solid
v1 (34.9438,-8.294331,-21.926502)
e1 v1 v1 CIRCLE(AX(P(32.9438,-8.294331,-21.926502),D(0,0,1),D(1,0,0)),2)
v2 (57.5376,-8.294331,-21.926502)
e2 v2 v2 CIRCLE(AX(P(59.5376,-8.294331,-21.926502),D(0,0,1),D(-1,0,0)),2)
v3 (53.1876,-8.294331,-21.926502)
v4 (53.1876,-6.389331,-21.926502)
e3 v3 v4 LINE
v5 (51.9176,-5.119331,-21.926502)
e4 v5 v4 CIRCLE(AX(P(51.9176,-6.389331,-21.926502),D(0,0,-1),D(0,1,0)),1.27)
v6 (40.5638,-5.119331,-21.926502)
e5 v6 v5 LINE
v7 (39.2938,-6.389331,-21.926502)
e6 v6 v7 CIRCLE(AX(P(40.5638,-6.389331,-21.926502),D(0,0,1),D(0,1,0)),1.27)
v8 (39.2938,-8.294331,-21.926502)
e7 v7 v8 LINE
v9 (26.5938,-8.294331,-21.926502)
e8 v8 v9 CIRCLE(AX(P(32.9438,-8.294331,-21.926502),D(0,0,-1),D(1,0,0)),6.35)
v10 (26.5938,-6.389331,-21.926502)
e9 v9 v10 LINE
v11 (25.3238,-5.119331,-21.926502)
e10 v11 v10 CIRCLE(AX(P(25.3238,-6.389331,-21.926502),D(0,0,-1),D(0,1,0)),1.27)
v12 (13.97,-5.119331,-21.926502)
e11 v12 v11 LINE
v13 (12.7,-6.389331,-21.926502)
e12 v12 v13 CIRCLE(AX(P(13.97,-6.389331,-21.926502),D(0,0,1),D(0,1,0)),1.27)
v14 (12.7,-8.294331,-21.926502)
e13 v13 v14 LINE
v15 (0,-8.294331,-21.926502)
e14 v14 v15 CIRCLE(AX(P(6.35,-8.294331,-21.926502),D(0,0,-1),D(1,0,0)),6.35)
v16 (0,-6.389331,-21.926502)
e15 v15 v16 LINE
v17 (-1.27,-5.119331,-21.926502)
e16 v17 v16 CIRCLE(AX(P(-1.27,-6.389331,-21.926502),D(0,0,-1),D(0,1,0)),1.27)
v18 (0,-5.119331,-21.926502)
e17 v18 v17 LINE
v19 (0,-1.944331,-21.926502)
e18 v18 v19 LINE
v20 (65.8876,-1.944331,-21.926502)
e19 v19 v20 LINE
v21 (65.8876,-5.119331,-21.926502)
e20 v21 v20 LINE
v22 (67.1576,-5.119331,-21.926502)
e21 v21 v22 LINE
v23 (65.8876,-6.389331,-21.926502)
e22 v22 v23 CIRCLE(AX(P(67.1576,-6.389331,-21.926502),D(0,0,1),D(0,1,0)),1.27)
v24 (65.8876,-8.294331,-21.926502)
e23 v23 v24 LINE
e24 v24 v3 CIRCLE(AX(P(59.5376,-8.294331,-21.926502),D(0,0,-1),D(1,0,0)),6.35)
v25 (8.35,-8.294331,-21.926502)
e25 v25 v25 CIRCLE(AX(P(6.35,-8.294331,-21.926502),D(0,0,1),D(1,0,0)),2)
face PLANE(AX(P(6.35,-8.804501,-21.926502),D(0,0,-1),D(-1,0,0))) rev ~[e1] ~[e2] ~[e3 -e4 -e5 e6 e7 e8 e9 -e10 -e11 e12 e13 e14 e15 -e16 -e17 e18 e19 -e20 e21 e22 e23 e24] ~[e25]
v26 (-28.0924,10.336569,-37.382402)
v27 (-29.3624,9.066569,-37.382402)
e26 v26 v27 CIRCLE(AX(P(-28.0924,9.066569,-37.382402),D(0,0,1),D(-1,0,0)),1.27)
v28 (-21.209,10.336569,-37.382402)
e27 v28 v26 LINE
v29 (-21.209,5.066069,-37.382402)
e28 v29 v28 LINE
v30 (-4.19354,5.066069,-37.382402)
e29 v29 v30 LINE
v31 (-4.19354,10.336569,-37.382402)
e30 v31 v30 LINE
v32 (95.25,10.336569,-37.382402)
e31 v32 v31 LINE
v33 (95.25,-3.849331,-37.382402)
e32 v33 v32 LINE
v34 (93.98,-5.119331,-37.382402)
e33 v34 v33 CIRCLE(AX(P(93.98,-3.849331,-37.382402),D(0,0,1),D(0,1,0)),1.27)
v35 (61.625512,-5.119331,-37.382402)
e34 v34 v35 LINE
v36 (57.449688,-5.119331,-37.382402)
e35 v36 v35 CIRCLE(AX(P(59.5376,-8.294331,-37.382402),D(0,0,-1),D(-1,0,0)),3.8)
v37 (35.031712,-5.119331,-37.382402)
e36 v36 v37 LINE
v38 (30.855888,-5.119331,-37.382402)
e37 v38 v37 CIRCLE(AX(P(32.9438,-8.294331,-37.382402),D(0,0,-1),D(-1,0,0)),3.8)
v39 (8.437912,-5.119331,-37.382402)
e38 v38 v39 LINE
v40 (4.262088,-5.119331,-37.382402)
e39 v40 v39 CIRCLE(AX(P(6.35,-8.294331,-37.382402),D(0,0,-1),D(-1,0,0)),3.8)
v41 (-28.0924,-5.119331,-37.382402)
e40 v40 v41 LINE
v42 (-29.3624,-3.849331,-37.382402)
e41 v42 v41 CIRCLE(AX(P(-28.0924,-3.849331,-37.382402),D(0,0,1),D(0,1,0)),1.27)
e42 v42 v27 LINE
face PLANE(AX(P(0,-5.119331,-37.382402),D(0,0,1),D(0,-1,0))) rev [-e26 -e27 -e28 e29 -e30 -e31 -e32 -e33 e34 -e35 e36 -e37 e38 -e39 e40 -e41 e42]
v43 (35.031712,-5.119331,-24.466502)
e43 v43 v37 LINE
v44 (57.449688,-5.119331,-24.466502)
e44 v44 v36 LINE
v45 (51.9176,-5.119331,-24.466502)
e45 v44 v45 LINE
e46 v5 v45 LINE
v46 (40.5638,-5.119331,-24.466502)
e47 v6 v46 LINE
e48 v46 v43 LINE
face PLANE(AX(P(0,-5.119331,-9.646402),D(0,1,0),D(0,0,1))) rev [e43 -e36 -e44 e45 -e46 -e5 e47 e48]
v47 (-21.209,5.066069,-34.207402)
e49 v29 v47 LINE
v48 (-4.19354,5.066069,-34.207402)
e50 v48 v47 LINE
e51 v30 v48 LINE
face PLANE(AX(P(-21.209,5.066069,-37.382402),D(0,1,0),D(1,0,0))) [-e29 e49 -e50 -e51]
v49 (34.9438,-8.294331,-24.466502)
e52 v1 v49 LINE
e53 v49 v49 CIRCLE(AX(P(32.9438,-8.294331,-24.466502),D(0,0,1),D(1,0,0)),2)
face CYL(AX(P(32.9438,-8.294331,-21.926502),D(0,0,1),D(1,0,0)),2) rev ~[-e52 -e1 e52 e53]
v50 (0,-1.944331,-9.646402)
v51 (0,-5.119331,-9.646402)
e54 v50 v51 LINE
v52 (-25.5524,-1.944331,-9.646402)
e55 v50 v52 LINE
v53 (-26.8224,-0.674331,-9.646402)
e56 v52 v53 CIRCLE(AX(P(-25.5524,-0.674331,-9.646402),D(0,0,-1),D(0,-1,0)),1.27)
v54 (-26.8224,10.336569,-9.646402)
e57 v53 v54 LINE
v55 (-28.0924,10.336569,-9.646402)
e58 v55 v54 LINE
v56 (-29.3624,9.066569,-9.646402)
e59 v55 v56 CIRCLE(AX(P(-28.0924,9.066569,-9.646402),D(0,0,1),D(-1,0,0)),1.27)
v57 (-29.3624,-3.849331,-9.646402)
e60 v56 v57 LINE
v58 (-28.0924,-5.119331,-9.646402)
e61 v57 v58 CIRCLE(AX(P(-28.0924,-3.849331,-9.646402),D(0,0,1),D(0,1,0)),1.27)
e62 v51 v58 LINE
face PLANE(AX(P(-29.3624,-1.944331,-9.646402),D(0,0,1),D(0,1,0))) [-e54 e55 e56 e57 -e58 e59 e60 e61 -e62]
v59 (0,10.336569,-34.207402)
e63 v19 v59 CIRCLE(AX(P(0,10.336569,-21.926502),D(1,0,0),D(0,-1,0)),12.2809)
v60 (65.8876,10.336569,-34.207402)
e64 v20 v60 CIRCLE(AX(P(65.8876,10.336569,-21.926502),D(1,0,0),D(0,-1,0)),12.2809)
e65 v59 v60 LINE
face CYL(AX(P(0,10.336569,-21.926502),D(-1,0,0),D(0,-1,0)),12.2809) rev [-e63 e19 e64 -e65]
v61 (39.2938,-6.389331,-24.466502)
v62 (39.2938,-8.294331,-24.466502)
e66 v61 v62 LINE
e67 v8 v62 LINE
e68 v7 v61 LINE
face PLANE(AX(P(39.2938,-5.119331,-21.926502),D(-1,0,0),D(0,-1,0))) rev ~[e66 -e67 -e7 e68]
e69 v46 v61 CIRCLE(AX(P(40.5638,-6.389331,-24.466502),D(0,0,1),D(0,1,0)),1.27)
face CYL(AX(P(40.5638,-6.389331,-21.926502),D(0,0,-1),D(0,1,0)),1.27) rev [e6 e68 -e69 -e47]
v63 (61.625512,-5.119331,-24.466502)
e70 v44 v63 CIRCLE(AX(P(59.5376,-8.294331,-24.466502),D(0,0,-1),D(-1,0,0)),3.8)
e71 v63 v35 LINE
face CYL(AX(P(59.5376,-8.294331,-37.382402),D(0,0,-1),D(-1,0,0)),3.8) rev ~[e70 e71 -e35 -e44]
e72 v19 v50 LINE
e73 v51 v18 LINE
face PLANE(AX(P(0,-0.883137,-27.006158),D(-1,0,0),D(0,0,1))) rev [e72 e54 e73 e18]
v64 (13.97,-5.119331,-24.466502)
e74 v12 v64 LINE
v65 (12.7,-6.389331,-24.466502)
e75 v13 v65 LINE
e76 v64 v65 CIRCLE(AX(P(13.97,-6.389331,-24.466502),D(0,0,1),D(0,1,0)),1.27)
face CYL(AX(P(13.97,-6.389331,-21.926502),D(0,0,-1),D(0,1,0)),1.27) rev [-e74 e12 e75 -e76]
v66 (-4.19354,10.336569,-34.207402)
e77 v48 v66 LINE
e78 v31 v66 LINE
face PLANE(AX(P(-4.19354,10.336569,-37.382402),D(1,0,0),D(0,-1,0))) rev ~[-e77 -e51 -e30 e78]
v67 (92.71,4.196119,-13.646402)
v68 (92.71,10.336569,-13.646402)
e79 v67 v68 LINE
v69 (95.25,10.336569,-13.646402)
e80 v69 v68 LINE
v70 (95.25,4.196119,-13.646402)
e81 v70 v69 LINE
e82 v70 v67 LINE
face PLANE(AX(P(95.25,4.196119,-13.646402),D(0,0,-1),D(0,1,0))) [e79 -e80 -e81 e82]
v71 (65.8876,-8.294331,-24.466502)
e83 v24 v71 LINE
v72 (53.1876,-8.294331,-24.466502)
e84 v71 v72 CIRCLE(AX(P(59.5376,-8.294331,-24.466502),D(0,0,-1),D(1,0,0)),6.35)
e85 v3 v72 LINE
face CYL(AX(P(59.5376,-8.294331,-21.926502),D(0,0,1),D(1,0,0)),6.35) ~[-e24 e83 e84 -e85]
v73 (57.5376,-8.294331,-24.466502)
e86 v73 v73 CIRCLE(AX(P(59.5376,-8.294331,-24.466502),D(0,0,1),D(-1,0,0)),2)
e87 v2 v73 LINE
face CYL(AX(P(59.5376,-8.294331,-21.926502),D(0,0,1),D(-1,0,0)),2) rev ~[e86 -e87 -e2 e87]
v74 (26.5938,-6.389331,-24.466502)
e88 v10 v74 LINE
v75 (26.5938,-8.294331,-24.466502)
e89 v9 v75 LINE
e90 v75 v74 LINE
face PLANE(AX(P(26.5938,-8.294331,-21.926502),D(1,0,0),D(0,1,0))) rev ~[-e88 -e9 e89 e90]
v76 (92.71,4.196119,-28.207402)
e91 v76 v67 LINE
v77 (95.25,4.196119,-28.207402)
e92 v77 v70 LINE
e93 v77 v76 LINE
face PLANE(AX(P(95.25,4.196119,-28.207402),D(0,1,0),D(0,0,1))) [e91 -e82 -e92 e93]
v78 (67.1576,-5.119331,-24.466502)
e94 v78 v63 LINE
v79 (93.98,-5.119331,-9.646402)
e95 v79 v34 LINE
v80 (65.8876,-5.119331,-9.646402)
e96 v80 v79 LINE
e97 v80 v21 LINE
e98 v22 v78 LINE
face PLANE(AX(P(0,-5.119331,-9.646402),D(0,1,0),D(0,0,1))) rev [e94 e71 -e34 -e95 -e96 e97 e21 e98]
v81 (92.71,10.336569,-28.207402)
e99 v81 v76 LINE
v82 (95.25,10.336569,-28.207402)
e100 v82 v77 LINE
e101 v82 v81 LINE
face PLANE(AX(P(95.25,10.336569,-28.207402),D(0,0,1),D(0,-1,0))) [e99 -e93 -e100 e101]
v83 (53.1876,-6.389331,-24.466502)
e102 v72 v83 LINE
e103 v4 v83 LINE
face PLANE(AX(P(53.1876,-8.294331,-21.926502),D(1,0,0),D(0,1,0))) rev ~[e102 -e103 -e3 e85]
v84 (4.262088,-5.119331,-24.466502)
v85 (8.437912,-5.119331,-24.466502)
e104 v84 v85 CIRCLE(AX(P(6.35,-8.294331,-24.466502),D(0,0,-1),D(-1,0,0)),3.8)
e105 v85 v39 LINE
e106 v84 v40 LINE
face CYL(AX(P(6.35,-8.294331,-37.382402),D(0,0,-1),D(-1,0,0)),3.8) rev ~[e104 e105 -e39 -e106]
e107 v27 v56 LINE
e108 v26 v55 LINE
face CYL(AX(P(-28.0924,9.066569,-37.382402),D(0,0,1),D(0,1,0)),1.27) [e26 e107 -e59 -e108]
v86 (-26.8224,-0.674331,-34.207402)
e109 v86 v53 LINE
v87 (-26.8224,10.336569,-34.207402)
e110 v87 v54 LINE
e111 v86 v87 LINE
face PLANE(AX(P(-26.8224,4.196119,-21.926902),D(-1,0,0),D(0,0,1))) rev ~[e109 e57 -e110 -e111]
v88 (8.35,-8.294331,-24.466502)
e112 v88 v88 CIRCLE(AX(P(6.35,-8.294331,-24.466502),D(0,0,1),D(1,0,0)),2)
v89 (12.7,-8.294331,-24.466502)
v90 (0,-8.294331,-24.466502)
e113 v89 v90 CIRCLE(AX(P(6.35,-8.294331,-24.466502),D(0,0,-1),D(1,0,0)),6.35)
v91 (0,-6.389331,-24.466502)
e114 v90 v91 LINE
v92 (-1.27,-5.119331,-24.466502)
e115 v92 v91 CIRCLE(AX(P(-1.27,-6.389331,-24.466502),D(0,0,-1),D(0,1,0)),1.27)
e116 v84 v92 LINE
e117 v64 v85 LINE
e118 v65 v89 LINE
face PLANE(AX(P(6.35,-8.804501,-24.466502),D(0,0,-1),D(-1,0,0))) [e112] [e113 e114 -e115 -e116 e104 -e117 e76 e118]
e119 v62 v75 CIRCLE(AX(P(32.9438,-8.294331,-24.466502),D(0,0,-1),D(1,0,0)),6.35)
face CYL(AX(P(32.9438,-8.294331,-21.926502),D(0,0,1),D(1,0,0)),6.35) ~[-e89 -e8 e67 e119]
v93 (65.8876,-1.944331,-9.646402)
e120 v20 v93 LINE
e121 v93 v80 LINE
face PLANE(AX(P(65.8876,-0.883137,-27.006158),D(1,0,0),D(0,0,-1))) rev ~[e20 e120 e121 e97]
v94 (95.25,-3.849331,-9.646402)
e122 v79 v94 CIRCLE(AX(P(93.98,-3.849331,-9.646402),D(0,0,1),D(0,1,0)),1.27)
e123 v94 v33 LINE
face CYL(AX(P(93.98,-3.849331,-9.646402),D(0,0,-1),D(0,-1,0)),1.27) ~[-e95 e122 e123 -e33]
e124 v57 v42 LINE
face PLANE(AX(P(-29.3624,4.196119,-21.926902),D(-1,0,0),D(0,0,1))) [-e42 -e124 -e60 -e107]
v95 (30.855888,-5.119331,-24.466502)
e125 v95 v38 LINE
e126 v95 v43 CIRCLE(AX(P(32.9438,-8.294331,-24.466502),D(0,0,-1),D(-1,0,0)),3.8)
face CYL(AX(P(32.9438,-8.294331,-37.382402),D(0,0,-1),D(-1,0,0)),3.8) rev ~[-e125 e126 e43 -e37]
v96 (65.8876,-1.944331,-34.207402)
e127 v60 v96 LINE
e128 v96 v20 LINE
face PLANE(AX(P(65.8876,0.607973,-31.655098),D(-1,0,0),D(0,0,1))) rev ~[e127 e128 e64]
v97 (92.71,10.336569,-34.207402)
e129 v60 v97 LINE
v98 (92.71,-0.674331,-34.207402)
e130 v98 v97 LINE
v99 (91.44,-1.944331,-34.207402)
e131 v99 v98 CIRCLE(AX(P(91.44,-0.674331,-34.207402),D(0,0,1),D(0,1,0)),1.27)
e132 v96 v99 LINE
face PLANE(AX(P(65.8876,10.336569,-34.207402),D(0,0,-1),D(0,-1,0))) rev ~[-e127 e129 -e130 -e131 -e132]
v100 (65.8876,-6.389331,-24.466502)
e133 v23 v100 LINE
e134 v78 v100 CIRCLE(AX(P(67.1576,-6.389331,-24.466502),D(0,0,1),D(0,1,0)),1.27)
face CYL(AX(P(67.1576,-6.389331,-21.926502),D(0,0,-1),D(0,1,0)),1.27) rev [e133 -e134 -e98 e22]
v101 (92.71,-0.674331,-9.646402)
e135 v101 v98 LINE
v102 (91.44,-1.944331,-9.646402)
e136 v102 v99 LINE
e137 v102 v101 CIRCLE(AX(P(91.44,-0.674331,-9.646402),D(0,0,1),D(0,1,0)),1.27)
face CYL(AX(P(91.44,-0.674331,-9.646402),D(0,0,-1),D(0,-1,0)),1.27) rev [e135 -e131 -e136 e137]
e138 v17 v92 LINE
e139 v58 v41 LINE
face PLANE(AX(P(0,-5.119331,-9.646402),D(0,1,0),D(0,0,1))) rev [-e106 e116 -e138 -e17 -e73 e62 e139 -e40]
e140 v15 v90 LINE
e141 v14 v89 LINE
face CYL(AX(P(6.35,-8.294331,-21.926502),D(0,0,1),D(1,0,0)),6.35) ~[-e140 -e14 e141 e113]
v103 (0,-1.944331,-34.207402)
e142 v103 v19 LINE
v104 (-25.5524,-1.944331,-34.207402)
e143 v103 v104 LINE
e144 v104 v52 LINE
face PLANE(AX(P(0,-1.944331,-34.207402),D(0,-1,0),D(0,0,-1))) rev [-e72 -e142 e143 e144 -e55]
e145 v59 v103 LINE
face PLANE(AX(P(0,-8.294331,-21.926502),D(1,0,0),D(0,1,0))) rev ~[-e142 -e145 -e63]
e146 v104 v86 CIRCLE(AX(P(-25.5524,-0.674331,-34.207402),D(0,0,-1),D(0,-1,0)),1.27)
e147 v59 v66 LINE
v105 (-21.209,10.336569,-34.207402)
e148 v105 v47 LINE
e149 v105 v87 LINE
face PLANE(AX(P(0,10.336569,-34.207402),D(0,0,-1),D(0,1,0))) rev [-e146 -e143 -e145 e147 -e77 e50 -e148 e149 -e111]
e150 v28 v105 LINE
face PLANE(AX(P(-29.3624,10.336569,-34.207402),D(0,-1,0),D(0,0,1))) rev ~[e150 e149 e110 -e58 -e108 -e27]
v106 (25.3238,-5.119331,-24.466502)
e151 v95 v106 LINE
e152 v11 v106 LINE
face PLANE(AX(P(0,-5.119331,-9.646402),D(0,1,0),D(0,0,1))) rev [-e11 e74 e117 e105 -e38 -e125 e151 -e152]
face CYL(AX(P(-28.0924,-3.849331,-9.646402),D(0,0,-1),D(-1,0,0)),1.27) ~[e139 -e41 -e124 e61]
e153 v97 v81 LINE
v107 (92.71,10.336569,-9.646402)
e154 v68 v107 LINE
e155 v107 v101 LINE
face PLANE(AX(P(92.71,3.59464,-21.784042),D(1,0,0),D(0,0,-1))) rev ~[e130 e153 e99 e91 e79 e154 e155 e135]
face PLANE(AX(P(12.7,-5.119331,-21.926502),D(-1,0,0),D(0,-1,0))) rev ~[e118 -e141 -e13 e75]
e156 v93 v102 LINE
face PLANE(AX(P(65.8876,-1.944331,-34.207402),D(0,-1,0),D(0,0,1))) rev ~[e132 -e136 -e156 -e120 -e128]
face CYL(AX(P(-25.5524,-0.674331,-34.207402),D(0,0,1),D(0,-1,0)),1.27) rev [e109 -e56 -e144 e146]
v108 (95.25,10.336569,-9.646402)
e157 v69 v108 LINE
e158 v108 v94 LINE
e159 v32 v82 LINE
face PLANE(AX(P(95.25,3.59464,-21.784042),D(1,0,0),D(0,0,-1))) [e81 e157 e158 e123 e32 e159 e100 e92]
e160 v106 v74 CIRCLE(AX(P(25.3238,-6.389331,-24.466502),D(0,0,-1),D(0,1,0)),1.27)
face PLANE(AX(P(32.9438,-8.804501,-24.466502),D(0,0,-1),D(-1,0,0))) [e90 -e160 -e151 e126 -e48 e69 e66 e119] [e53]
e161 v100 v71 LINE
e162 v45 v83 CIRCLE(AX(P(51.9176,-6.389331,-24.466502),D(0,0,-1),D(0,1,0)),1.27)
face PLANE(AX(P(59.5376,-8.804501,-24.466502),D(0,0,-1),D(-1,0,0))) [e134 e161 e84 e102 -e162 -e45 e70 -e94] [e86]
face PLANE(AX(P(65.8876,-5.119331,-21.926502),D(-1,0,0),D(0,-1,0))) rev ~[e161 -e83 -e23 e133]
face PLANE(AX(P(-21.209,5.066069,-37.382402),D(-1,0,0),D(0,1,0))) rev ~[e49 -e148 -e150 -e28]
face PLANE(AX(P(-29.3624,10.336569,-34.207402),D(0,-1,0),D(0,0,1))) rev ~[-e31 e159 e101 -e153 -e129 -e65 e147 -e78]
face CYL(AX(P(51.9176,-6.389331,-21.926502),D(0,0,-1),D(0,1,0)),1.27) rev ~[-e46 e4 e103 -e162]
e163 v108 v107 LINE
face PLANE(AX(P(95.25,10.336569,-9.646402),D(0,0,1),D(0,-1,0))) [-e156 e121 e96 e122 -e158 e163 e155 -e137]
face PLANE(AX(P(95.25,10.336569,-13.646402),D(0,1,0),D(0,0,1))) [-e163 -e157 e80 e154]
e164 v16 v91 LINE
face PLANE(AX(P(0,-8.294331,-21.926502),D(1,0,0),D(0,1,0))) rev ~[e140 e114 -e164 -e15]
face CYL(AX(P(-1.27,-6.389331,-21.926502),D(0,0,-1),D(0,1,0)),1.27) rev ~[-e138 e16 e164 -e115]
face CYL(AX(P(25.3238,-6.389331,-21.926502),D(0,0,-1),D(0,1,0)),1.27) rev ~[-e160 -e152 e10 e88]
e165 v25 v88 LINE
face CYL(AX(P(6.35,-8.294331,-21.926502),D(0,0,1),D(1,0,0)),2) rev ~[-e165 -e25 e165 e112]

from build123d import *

# Parameters (mm, degrees)
BOSS_EXTRUDE1_DEPTH = 65.8876
BOSS_EXTRUDE2_DEPTH = 29.3624
BOSS_EXTRUDE3_DEPTH = 2.54
SKETCH4_R           = 2
BOSS_EXTRUDE4_DEPTH = 2.54
SKETCH6_W           = 24.561
SKETCH6_H           = 12.2809
BOSS_EXTRUDE5_DEPTH = 2.54
CUT_EXTRUDE1_DEPTH  = 101.281127945
FILLET1_R           = 1.27
FILLET2_R           = 1.27
FILLET4_R           = 1.27
SKETCH8_R           = 3.8
SKETCH8_R_2         = 3.80000002
CUT_EXTRUDE2_DEPTH  = 12.9159


with BuildPart() as part:
    # Sketch1 → Boss-Extrude1 (new body)
    with BuildSketch(Plane(origin=(0, 0, 0), x_dir=(0, 0, -1), z_dir=(1, 0, 0))):
        with BuildLine():
            Line((34.207401555, 10.336569156), (37.382401555, 10.336569156))
            Line((37.382401555, 10.336569156), (37.382401555, -5.119330844))
            Line((37.382401555, -5.119330844), (21.926501555, -5.119330844))
            Line((21.926501555, -5.119330844), (21.926501555, -1.944330844))
            ThreePointArc((21.926501555, -1.944330844), (30.610409224, 1.652661487), (34.207401555, 10.336569156))
        make_face()
    extrude(amount=BOSS_EXTRUDE1_DEPTH)

    # Sketch2 → Boss-Extrude2 (add)
    with BuildSketch(Plane(origin=(65.8876, 0, 0), x_dir=(0, 0, -1), z_dir=(1, 0, 0))):
        Polygon((37.382401555, -1.944330844), (37.382401555, 10.336569156), (34.207401555, 10.336569156), (34.207401555, -1.944330844), (9.646401555, -1.944330844), (9.646401555, -5.119330844), (37.382401555, -5.119330844), align=None)
    boss_extrude2 = extrude(amount=BOSS_EXTRUDE2_DEPTH)

    # Sketch3 → Boss-Extrude3 (add)
    with BuildSketch(Plane(origin=(95.25, 0, 0), x_dir=(0, 0, -1), z_dir=(1, 0, 0))):
        Polygon((28.207401555, 4.196119156), (13.646401555, 4.196119156), (13.646401555, 10.336569156), (9.646401555, 10.336569156), (9.646401555, 4.196119156), (9.646401555, -1.944330844), (28.207401555, -1.944330844), (34.207401555, -1.944330844), (34.207401555, 10.336569156), (28.207401555, 10.336569156), align=None)
    extrude(amount=-BOSS_EXTRUDE3_DEPTH)

    # Sketch4 → Boss-Extrude4 (add)
    # profile 1 of 3: a face of its own
    with BuildSketch(Plane.XY.offset(-21.926501555)):
        with BuildLine():
            Line((0, -8.294330844), (0, -5.119330844))
            Line((0, -5.119330844), (12.7, -5.119330844))
            Line((12.7, -5.119330844), (12.7, -8.294330844))
            ThreePointArc((12.7, -8.294330844), (6.35, -14.644330844), (0, -8.294330844))
        make_face()
        with Locations((6.35, -8.294330844)):
            Circle(SKETCH4_R, mode=Mode.SUBTRACT)
    # profile 2 of 3: a face of its own
    with BuildSketch(Plane.XY.offset(-21.926501555)):
        with BuildLine():
            Line((26.5938, -8.294330844), (26.5938, -5.119330844))
            Line((26.5938, -5.119330844), (39.2938, -5.119330844))
            Line((39.2938, -5.119330844), (39.2938, -8.294330844))
            ThreePointArc((39.2938, -8.294330844), (32.9438, -14.644330844), (26.5938, -8.294330844))
        make_face()
        with Locations((32.9438, -8.294330844)):
            Circle(SKETCH4_R, mode=Mode.SUBTRACT)
    # profile 3 of 3: a face of its own
    with BuildSketch(Plane.XY.offset(-21.926501555)):
        with BuildLine():
            Line((53.1876, -5.119330844), (65.8876, -5.119330844))
            Line((65.8876, -5.119330844), (65.8876, -8.294330844))
            ThreePointArc((65.8876, -8.294330844), (59.5376, -14.644330844), (53.1876, -8.294330844))
            Line((53.1876, -8.294330844), (53.1876, -5.119330844))
        make_face()
        with Locations(Location((59.5376, -8.294330844, 0), (0, 0, 180))):
            Circle(SKETCH4_R, mode=Mode.SUBTRACT)
    extrude(amount=-BOSS_EXTRUDE4_DEPTH)

    # Mirror1: Boss-Extrude2 across plane
    add(boss_extrude2.mirror(Plane(origin=(32.9438, 0, 0), x_dir=(0, 0, 1), z_dir=(1, 0, 0))))

    # Sketch6 → Boss-Extrude5 (add)
    with BuildSketch(Plane.ZY.offset(29.3624)):
        with Locations((-21.926901555, 4.196119156)):
            Rectangle(SKETCH6_W, SKETCH6_H)
    extrude(amount=-BOSS_EXTRUDE5_DEPTH)

    # Sketch7 → Cut-Extrude1 (cut, through all)
    with BuildSketch(Plane(origin=(0, 0, -37.382401555), x_dir=(-1, 0, 0), z_dir=(0, 0, -1))):
        Polygon((4.19354, 9.257069156), (4.19354, 10.336569156), (21.209, 10.336569156), (21.209, 9.257069156), (21.209, 5.066069156), (4.19354, 5.066069156), align=None)
    extrude(amount=-CUT_EXTRUDE1_DEPTH, mode=Mode.SUBTRACT)

    # Fillet1
    fillet1_edges = [part.edges().sort_by_distance(p)[0] for p in [
        (-29.3624, -5.119330844, -23.514401555),
        (-29.3624, 10.336569156, -23.514401555),
        (95.25, -5.119330844, -23.514401555),
    ]]
    fillet(fillet1_edges, radius=FILLET1_R)

    # Fillet2
    fillet2_edges = [part.edges().sort_by_distance(p)[0] for p in [
        (0, -5.119330844, -23.196501555),
        (12.7, -5.119330844, -23.196501555),
        (26.5938, -5.119330844, -23.196501555),
        (39.2938, -5.119330844, -23.196501555),
        (65.8876, -5.119330844, -23.196501555),
        (53.1876, -5.119330844, -23.196501555),
    ]]
    fillet(fillet2_edges, radius=FILLET2_R)

    # Fillet4
    fillet4_edges = [part.edges().sort_by_distance(p)[0] for p in [
        (-26.8224, -1.944330844, -21.926901555),
        (92.71, -1.944330844, -21.926901555),
    ]]
    fillet(fillet4_edges, radius=FILLET4_R)

    # Sketch8 → Cut-Extrude2 (cut)
    with BuildSketch(Plane(origin=(0, 0, -37.382401555), x_dir=(-1, 0, 0), z_dir=(0, 0, -1))):
        with Locations((-59.5376, -8.294330844)):
            Circle(SKETCH8_R)
        with Locations((-32.9438, -8.294330844)):
            Circle(SKETCH8_R_2)
        with Locations((-6.35, -8.294330844)):
            Circle(SKETCH8_R_2)
    extrude(amount=-CUT_EXTRUDE2_DEPTH, mode=Mode.SUBTRACT)


solid = part.part
